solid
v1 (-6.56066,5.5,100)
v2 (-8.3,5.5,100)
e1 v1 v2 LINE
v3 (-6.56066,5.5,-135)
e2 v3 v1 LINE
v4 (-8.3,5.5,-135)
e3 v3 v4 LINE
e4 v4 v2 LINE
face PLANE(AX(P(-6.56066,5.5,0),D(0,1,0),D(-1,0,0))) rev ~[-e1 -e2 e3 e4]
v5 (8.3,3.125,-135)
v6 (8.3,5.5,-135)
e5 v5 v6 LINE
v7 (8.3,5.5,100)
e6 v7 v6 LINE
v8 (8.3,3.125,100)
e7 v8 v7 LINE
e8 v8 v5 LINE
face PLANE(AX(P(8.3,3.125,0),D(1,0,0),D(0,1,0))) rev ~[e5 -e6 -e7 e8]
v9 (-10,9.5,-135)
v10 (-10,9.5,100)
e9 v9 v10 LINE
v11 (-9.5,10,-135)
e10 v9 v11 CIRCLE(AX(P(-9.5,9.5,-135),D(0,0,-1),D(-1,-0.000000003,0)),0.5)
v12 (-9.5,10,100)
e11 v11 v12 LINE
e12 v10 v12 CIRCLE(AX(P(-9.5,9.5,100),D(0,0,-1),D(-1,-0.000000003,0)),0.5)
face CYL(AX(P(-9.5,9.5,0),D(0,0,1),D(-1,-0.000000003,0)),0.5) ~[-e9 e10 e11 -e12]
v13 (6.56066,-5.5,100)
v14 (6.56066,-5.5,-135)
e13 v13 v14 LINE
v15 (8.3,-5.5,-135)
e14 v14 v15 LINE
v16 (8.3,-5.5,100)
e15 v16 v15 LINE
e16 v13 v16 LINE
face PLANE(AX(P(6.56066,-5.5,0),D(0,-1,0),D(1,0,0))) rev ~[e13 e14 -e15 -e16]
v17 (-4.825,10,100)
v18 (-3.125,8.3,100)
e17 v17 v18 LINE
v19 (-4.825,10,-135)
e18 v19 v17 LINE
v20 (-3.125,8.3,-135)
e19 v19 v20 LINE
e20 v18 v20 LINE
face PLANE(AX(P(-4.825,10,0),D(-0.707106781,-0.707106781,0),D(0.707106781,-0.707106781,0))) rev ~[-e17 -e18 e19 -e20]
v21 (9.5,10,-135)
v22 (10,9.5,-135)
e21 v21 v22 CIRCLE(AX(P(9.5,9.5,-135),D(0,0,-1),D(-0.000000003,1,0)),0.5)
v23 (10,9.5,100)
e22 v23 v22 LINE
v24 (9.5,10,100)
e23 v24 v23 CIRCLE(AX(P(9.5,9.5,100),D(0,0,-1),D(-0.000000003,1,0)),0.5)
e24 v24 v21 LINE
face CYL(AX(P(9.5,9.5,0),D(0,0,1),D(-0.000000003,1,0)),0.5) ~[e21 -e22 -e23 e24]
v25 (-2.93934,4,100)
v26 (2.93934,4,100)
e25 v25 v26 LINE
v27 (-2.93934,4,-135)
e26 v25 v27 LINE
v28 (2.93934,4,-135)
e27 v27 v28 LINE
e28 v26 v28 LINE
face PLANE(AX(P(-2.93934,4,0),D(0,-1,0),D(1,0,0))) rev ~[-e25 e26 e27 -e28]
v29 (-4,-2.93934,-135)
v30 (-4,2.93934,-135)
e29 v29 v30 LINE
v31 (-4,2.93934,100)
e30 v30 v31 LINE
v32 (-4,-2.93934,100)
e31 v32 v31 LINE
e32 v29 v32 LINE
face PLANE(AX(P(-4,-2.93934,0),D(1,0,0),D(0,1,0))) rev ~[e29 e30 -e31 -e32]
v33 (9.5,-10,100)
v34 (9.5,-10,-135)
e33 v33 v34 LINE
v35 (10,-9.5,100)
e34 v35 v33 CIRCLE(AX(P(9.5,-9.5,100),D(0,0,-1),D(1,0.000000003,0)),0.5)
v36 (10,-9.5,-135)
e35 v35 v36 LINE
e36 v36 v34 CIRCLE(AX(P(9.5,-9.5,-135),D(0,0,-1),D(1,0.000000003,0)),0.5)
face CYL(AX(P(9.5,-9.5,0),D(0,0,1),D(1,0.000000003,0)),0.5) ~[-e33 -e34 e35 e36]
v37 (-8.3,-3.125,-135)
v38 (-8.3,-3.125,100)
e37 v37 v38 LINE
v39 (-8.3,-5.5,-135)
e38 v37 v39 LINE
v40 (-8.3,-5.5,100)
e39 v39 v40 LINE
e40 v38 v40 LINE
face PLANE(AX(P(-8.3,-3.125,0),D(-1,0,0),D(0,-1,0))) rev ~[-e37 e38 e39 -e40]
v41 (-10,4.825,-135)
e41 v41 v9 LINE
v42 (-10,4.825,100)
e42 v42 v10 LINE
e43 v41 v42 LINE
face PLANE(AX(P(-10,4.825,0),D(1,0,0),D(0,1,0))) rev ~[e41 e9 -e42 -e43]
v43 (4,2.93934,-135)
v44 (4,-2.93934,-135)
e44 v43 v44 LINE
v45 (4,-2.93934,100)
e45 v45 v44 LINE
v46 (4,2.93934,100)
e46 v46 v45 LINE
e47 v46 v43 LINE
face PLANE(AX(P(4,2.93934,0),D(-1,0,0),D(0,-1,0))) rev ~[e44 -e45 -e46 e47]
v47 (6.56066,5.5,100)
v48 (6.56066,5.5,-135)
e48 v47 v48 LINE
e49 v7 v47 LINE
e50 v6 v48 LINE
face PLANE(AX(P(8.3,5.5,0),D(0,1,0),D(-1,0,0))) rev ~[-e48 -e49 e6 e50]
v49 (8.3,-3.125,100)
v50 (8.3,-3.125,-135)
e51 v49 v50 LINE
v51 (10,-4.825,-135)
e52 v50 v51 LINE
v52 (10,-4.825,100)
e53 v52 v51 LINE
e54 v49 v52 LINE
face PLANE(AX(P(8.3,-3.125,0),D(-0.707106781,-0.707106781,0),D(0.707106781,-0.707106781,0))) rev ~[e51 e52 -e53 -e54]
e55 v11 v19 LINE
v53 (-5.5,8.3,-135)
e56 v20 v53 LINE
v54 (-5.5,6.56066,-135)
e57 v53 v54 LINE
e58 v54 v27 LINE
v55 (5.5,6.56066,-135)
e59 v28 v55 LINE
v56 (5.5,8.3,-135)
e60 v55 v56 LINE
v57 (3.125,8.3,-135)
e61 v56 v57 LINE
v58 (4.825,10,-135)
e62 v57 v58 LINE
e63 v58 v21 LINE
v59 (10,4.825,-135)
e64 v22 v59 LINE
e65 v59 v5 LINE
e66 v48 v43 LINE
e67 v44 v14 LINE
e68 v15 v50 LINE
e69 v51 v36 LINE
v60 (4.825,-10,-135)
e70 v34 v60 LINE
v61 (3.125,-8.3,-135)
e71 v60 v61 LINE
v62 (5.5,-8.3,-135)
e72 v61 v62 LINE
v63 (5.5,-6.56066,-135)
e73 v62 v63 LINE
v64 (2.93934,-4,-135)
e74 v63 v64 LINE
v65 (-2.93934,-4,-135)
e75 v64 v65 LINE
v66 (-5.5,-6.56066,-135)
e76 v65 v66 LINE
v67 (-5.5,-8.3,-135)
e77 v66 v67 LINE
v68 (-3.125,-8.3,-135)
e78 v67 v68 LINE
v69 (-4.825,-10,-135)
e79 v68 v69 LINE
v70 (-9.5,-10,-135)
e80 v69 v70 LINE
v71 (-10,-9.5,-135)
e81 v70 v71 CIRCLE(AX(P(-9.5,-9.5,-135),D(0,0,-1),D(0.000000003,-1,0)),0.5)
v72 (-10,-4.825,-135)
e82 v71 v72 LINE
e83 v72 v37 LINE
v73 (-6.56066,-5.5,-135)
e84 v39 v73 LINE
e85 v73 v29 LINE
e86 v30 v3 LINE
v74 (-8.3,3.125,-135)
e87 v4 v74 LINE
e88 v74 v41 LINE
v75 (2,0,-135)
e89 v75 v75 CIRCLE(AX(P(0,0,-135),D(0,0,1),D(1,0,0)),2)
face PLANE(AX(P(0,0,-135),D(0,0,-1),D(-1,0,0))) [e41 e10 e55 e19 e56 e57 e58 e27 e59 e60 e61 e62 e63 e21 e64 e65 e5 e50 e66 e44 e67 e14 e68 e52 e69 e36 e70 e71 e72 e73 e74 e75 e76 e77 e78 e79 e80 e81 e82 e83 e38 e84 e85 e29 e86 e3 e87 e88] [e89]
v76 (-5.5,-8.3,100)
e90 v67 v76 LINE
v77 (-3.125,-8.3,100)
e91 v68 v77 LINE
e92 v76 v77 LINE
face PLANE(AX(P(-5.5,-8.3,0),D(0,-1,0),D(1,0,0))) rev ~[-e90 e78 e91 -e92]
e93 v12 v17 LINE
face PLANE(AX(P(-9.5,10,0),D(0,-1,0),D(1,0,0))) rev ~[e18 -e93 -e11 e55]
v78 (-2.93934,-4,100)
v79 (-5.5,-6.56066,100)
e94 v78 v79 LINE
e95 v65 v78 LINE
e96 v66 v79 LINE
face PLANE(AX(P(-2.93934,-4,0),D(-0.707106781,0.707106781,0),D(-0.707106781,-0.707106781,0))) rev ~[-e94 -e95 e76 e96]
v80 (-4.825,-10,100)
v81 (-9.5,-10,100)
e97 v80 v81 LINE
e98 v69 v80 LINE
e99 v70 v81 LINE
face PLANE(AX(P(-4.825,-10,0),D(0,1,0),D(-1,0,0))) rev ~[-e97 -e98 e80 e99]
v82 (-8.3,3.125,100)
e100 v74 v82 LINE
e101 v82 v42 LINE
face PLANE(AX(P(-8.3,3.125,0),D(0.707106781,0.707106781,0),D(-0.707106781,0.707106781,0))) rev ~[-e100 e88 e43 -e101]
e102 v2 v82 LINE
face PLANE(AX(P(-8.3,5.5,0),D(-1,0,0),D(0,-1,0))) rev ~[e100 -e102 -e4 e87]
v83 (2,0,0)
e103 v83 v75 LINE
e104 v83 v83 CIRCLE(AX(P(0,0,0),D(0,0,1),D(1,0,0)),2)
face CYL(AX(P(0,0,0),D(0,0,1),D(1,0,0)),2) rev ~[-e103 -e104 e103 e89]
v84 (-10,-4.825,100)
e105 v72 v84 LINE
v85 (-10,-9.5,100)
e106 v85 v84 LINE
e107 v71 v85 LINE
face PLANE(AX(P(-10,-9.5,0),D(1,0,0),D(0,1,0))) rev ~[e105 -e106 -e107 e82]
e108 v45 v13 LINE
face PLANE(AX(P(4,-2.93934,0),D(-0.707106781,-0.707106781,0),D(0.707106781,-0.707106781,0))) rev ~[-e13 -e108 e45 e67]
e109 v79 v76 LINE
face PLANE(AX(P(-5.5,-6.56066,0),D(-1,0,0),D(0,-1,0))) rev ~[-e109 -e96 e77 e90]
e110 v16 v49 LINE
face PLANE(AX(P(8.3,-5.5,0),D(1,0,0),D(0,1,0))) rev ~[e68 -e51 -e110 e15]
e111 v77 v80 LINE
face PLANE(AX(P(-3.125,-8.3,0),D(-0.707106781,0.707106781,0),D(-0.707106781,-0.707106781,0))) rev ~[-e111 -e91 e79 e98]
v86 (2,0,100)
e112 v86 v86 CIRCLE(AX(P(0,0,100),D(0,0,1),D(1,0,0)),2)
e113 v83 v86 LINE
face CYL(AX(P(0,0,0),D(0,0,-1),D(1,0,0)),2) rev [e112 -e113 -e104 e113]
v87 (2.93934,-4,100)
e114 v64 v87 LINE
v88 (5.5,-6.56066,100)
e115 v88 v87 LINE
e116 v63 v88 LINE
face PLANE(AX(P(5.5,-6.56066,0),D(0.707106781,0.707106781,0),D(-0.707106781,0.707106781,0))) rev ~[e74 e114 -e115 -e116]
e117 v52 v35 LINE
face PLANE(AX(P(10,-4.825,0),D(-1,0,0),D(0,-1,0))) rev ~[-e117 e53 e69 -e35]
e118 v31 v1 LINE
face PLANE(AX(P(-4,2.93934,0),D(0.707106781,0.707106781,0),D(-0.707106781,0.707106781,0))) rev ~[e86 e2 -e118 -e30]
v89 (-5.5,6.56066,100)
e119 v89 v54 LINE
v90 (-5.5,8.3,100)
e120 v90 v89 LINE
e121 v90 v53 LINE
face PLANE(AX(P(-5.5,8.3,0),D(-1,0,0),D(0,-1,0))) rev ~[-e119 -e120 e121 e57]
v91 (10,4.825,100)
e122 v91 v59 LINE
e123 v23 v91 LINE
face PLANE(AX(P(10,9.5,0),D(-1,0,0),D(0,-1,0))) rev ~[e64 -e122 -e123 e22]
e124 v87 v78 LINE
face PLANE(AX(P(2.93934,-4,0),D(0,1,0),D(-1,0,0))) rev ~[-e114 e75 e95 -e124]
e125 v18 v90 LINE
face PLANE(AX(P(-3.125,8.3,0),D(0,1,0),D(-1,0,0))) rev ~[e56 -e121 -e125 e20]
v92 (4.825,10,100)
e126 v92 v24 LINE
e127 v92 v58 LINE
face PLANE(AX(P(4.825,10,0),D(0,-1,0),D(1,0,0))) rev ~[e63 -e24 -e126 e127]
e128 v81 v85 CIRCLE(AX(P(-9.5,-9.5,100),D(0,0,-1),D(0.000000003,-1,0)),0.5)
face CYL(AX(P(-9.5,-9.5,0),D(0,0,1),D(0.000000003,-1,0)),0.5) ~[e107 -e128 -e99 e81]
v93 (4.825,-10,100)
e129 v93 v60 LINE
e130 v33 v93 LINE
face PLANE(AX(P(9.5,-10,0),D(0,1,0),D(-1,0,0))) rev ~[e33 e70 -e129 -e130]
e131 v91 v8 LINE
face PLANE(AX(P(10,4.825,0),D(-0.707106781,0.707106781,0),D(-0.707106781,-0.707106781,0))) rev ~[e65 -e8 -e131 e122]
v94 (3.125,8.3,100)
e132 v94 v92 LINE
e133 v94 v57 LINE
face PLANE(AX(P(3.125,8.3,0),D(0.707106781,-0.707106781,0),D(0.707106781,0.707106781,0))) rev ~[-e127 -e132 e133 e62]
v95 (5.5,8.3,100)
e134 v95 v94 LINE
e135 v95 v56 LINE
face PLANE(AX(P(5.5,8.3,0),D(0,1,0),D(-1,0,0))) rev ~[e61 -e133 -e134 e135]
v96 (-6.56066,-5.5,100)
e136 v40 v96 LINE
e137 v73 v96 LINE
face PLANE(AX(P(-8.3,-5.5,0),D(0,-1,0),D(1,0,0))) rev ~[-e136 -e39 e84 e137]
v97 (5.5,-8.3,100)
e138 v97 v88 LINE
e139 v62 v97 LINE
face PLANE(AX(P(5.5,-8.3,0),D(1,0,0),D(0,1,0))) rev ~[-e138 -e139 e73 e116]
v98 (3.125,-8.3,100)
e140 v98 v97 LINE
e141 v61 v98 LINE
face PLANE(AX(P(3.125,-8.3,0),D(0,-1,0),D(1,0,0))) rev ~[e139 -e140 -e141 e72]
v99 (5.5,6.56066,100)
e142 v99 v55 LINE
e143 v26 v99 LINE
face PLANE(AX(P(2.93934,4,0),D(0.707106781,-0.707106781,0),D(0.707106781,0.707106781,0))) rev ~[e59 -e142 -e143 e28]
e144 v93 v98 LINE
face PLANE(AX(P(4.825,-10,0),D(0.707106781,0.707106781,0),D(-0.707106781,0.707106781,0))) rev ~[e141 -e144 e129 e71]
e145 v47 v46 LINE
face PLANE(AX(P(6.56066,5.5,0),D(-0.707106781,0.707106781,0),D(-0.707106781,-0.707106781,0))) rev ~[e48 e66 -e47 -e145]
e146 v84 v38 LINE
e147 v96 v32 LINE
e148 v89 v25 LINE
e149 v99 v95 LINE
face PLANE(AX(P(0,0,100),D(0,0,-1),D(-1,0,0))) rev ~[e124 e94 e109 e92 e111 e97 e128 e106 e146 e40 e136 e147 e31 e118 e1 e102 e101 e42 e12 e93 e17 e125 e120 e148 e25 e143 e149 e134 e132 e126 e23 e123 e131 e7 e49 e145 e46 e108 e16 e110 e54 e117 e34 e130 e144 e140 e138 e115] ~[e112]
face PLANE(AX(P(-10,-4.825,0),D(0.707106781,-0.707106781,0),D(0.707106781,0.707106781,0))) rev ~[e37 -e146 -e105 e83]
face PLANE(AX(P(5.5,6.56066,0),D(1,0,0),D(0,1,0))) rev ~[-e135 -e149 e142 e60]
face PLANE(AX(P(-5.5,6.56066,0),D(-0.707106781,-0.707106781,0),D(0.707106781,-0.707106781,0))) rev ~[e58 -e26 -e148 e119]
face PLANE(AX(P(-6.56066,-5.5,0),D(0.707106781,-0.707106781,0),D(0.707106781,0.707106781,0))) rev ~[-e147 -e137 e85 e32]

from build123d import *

# Parameters (mm, degrees)
CROQUIS1_R              = 2
SALIENTE_EXTRUIR2_DEPTH = 100
MOVE_FACE_1_BY          = 135


with BuildPart() as part:
    # Croquis1 → Saliente-Extruir2 (new body)
    with BuildSketch(Plane.XY):
        with BuildLine():
            Line((-4.825, 10), (-3.125, 8.3))
            Line((-3.125, 8.3), (-5.5, 8.3))
            Line((-5.5, 8.3), (-5.5, 6.560660172))
            Line((-5.5, 6.560660172), (-2.939339828, 4))
            Line((-2.939339828, 4), (2.939339828, 4))
            Line((2.939339828, 4), (5.5, 6.560660172))
            Line((5.5, 6.560660172), (5.5, 8.3))
            Line((5.5, 8.3), (3.125, 8.3))
            Line((3.125, 8.3), (4.825, 10))
            Line((4.825, 10), (9.5, 10))
            ThreePointArc((9.5, 10), (9.853553391, 9.853553391), (10, 9.5))
            Line((10, 9.5), (10, 4.825))
            Line((10, 4.825), (8.3, 3.125))
            Line((8.3, 3.125), (8.3, 5.5))
            Line((8.3, 5.5), (6.560660172, 5.5))
            Line((6.560660172, 5.5), (4, 2.939339828))
            Line((4, 2.939339828), (4, -2.939339828))
            Line((4, -2.939339828), (6.560660172, -5.5))
            Line((6.560660172, -5.5), (8.3, -5.5))
            Line((8.3, -5.5), (8.3, -3.125))
            Line((8.3, -3.125), (10, -4.825))
            Line((10, -4.825), (10, -9.5))
            ThreePointArc((10, -9.5), (9.853553391, -9.853553391), (9.5, -10))
            Line((9.5, -10), (4.825, -10))
            Line((4.825, -10), (3.125, -8.3))
            Line((3.125, -8.3), (5.5, -8.3))
            Line((5.5, -8.3), (5.5, -6.560660172))
            Line((5.5, -6.560660172), (2.939339828, -4))
            Line((2.939339828, -4), (-2.939339828, -4))
            Line((-2.939339828, -4), (-5.5, -6.560660172))
            Line((-5.5, -6.560660172), (-5.5, -8.3))
            Line((-5.5, -8.3), (-3.125, -8.3))
            Line((-3.125, -8.3), (-4.825, -10))
            Line((-4.825, -10), (-9.5, -10))
            ThreePointArc((-9.5, -10), (-9.853553391, -9.853553391), (-10, -9.5))
            Line((-10, -9.5), (-10, -4.825))
            Line((-10, -4.825), (-8.3, -3.125))
            Line((-8.3, -3.125), (-8.3, -5.5))
            Line((-8.3, -5.5), (-6.560660172, -5.5))
            Line((-6.560660172, -5.5), (-4, -2.939339828))
            Line((-4, -2.939339828), (-4, 2.939339828))
            Line((-4, 2.939339828), (-6.560660172, 5.5))
            Line((-6.560660172, 5.5), (-8.3, 5.5))
            Line((-8.3, 5.5), (-8.3, 3.125))
            Line((-8.3, 3.125), (-10, 4.825))
            Line((-10, 4.825), (-10, 9.5))
            ThreePointArc((-10, 9.5), (-9.853553391, 9.853553391), (-9.5, 10))
            Line((-9.5, 10), (-4.825, 10))
        make_face()
        Circle(CROQUIS1_R, mode=Mode.SUBTRACT)
    extrude(amount=SALIENTE_EXTRUIR2_DEPTH)

    # Move Face 1: a face moved outward by 135.0
    extrude(part.faces().sort_by_distance((5, -5, 0))[0], amount=MOVE_FACE_1_BY, dir=(0, 0, -1))


solid = part.part
